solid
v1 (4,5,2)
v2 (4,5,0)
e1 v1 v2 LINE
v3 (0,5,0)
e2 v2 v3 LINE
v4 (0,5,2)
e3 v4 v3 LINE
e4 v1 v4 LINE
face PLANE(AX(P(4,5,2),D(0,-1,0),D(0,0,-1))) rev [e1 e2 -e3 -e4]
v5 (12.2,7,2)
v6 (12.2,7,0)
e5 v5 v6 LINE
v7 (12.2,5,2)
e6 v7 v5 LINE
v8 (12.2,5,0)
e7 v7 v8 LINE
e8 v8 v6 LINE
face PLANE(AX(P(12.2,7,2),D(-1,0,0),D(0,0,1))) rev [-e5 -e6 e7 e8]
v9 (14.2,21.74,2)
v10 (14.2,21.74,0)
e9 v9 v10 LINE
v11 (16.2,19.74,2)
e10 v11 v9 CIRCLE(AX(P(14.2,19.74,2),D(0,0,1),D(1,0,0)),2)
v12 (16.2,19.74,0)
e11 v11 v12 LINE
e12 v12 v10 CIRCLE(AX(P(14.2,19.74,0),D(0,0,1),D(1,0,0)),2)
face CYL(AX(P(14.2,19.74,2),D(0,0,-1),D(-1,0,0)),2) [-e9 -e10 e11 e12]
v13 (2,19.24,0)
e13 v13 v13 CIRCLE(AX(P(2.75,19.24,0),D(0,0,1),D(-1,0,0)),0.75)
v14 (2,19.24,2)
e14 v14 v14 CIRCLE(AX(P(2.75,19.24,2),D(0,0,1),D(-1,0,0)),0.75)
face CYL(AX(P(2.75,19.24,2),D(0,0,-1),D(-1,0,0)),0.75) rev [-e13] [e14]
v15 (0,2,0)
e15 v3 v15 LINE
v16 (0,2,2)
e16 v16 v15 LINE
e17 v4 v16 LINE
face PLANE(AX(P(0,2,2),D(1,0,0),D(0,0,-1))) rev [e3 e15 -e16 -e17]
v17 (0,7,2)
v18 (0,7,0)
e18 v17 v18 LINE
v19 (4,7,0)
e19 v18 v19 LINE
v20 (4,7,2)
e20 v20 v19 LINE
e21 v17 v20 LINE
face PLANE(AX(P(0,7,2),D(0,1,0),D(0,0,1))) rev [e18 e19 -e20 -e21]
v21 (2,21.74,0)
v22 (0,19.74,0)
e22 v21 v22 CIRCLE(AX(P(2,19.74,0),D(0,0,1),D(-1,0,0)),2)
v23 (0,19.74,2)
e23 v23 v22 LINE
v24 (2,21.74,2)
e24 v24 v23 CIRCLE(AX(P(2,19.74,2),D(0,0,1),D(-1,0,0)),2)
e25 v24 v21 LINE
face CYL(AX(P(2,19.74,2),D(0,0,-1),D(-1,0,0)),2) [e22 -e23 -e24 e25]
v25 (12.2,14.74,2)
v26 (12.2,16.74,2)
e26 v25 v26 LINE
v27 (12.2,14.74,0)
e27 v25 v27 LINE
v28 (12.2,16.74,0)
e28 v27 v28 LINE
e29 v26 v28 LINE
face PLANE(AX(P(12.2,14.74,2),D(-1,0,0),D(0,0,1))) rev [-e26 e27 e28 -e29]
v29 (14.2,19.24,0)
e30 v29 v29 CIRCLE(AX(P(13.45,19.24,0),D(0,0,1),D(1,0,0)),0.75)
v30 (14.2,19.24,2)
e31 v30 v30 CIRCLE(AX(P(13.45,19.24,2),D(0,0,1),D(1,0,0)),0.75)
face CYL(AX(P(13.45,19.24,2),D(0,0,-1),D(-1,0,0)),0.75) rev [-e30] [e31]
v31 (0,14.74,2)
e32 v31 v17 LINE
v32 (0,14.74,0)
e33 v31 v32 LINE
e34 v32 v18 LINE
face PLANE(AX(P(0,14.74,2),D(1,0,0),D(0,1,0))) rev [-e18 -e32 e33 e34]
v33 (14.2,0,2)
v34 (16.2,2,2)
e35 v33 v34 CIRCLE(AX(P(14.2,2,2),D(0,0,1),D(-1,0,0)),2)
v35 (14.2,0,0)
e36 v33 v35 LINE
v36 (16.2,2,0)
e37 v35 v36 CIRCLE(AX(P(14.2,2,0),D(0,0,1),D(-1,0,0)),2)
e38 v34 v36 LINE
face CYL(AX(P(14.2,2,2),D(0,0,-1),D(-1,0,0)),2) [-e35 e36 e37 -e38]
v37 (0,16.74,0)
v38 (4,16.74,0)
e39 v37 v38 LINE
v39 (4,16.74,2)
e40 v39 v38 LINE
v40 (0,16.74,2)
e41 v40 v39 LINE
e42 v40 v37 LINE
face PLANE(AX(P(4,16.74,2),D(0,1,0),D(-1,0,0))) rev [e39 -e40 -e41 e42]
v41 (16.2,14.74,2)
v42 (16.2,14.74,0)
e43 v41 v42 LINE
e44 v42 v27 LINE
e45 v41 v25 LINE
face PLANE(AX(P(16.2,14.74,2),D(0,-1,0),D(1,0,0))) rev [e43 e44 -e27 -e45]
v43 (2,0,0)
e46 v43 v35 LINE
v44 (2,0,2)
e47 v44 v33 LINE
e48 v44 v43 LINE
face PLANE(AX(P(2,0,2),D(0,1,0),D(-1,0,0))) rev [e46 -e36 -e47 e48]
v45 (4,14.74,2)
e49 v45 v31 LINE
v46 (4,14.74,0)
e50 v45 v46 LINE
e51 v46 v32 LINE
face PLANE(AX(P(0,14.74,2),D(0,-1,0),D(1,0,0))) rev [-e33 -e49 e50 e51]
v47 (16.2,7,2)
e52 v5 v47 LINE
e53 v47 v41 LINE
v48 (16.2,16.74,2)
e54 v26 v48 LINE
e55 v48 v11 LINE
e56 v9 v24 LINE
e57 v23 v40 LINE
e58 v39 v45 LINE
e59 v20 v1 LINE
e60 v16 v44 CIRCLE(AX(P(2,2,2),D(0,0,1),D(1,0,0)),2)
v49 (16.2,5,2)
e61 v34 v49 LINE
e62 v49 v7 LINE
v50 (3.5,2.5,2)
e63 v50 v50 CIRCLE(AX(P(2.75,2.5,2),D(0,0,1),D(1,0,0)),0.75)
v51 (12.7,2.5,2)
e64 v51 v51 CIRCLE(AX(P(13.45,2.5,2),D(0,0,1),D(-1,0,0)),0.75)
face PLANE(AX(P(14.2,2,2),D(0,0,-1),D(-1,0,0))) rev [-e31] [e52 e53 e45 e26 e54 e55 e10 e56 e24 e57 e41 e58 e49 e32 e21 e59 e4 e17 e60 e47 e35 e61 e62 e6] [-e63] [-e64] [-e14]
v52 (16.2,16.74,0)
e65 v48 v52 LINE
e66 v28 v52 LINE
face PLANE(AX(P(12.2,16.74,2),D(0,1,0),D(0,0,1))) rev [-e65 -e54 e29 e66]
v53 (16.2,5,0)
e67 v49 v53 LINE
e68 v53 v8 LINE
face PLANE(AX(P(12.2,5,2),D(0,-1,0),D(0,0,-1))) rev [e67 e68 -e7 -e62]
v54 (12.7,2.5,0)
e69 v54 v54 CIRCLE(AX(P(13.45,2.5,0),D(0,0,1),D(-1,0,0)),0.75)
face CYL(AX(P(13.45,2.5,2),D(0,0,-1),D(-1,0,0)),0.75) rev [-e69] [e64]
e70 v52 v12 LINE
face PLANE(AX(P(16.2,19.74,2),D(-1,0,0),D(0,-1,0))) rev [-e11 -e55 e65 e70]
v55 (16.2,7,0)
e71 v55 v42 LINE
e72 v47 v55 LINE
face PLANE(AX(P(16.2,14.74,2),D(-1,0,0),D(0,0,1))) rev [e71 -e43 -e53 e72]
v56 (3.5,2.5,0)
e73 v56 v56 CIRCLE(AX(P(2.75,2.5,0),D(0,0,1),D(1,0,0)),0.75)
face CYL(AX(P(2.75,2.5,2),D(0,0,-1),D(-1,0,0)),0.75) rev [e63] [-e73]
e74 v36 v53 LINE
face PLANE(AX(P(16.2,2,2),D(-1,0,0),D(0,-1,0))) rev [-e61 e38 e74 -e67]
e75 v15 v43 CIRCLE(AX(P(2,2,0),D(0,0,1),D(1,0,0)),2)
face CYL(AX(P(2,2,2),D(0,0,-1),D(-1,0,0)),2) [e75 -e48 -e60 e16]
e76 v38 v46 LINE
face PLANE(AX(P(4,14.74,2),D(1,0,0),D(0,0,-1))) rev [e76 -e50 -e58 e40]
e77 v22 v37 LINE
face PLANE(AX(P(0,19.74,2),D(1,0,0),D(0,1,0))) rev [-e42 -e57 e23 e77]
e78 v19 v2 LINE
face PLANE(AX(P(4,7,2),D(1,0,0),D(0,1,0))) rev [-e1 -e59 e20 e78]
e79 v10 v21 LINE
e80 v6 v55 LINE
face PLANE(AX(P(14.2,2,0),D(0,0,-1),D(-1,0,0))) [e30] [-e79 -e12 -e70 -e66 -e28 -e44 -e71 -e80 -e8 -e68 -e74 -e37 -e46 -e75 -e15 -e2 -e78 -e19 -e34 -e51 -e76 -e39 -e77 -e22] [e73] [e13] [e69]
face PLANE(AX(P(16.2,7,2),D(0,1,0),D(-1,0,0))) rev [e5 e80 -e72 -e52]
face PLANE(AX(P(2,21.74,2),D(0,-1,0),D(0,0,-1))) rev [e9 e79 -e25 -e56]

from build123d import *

# Parameters (mm, degrees)
SKETCH1_R           = 0.75
BOSS_EXTRUDE1_DEPTH = 2


with BuildPart() as part:
    # Sketch1 → Boss-Extrude1 (new body)
    with BuildSketch(Plane.XY):
        with BuildLine():
            Line((0, 14.74), (0, 7))
            Line((0, 7), (4, 7))
            Line((4, 7), (4, 5))
            Line((4, 5), (0, 5))
            Line((0, 5), (0, 2))
            ThreePointArc((0, 2), (0.585786438, 0.585786438), (2, 0))
            Line((2, 0), (14.2, 0))
            ThreePointArc((14.2, 0), (15.614213562, 0.585786438), (16.2, 2))
            Line((16.2, 2), (16.2, 5))
            Line((16.2, 5), (12.2, 5))
            Line((12.2, 5), (12.2, 7))
            Line((12.2, 7), (16.2, 7))
            Line((16.2, 7), (16.2, 14.74))
            Line((16.2, 14.74), (12.2, 14.74))
            Line((12.2, 14.74), (12.2, 16.74))
            Line((12.2, 16.74), (16.2, 16.74))
            Line((16.2, 16.74), (16.2, 19.74))
            ThreePointArc((16.2, 19.74), (15.614213562, 21.154213562), (14.2, 21.74))
            Line((14.2, 21.74), (2, 21.74))
            ThreePointArc((2, 21.74), (0.585786438, 21.154213562), (0, 19.74))
            Line((0, 19.74), (0, 16.74))
            Line((0, 16.74), (4, 16.74))
            Line((4, 16.74), (4, 14.74))
            Line((4, 14.74), (0, 14.74))
        make_face()
        with Locations((13.45, 2.5)):
            Circle(SKETCH1_R, mode=Mode.SUBTRACT)
        with Locations((2.75, 19.24)):
            Circle(SKETCH1_R, mode=Mode.SUBTRACT)
        with Locations((2.75, 2.5)):
            Circle(SKETCH1_R, mode=Mode.SUBTRACT)
        with Locations((13.45, 19.24)):
            Circle(SKETCH1_R, mode=Mode.SUBTRACT)
    extrude(amount=BOSS_EXTRUDE1_DEPTH)


solid = part.part
